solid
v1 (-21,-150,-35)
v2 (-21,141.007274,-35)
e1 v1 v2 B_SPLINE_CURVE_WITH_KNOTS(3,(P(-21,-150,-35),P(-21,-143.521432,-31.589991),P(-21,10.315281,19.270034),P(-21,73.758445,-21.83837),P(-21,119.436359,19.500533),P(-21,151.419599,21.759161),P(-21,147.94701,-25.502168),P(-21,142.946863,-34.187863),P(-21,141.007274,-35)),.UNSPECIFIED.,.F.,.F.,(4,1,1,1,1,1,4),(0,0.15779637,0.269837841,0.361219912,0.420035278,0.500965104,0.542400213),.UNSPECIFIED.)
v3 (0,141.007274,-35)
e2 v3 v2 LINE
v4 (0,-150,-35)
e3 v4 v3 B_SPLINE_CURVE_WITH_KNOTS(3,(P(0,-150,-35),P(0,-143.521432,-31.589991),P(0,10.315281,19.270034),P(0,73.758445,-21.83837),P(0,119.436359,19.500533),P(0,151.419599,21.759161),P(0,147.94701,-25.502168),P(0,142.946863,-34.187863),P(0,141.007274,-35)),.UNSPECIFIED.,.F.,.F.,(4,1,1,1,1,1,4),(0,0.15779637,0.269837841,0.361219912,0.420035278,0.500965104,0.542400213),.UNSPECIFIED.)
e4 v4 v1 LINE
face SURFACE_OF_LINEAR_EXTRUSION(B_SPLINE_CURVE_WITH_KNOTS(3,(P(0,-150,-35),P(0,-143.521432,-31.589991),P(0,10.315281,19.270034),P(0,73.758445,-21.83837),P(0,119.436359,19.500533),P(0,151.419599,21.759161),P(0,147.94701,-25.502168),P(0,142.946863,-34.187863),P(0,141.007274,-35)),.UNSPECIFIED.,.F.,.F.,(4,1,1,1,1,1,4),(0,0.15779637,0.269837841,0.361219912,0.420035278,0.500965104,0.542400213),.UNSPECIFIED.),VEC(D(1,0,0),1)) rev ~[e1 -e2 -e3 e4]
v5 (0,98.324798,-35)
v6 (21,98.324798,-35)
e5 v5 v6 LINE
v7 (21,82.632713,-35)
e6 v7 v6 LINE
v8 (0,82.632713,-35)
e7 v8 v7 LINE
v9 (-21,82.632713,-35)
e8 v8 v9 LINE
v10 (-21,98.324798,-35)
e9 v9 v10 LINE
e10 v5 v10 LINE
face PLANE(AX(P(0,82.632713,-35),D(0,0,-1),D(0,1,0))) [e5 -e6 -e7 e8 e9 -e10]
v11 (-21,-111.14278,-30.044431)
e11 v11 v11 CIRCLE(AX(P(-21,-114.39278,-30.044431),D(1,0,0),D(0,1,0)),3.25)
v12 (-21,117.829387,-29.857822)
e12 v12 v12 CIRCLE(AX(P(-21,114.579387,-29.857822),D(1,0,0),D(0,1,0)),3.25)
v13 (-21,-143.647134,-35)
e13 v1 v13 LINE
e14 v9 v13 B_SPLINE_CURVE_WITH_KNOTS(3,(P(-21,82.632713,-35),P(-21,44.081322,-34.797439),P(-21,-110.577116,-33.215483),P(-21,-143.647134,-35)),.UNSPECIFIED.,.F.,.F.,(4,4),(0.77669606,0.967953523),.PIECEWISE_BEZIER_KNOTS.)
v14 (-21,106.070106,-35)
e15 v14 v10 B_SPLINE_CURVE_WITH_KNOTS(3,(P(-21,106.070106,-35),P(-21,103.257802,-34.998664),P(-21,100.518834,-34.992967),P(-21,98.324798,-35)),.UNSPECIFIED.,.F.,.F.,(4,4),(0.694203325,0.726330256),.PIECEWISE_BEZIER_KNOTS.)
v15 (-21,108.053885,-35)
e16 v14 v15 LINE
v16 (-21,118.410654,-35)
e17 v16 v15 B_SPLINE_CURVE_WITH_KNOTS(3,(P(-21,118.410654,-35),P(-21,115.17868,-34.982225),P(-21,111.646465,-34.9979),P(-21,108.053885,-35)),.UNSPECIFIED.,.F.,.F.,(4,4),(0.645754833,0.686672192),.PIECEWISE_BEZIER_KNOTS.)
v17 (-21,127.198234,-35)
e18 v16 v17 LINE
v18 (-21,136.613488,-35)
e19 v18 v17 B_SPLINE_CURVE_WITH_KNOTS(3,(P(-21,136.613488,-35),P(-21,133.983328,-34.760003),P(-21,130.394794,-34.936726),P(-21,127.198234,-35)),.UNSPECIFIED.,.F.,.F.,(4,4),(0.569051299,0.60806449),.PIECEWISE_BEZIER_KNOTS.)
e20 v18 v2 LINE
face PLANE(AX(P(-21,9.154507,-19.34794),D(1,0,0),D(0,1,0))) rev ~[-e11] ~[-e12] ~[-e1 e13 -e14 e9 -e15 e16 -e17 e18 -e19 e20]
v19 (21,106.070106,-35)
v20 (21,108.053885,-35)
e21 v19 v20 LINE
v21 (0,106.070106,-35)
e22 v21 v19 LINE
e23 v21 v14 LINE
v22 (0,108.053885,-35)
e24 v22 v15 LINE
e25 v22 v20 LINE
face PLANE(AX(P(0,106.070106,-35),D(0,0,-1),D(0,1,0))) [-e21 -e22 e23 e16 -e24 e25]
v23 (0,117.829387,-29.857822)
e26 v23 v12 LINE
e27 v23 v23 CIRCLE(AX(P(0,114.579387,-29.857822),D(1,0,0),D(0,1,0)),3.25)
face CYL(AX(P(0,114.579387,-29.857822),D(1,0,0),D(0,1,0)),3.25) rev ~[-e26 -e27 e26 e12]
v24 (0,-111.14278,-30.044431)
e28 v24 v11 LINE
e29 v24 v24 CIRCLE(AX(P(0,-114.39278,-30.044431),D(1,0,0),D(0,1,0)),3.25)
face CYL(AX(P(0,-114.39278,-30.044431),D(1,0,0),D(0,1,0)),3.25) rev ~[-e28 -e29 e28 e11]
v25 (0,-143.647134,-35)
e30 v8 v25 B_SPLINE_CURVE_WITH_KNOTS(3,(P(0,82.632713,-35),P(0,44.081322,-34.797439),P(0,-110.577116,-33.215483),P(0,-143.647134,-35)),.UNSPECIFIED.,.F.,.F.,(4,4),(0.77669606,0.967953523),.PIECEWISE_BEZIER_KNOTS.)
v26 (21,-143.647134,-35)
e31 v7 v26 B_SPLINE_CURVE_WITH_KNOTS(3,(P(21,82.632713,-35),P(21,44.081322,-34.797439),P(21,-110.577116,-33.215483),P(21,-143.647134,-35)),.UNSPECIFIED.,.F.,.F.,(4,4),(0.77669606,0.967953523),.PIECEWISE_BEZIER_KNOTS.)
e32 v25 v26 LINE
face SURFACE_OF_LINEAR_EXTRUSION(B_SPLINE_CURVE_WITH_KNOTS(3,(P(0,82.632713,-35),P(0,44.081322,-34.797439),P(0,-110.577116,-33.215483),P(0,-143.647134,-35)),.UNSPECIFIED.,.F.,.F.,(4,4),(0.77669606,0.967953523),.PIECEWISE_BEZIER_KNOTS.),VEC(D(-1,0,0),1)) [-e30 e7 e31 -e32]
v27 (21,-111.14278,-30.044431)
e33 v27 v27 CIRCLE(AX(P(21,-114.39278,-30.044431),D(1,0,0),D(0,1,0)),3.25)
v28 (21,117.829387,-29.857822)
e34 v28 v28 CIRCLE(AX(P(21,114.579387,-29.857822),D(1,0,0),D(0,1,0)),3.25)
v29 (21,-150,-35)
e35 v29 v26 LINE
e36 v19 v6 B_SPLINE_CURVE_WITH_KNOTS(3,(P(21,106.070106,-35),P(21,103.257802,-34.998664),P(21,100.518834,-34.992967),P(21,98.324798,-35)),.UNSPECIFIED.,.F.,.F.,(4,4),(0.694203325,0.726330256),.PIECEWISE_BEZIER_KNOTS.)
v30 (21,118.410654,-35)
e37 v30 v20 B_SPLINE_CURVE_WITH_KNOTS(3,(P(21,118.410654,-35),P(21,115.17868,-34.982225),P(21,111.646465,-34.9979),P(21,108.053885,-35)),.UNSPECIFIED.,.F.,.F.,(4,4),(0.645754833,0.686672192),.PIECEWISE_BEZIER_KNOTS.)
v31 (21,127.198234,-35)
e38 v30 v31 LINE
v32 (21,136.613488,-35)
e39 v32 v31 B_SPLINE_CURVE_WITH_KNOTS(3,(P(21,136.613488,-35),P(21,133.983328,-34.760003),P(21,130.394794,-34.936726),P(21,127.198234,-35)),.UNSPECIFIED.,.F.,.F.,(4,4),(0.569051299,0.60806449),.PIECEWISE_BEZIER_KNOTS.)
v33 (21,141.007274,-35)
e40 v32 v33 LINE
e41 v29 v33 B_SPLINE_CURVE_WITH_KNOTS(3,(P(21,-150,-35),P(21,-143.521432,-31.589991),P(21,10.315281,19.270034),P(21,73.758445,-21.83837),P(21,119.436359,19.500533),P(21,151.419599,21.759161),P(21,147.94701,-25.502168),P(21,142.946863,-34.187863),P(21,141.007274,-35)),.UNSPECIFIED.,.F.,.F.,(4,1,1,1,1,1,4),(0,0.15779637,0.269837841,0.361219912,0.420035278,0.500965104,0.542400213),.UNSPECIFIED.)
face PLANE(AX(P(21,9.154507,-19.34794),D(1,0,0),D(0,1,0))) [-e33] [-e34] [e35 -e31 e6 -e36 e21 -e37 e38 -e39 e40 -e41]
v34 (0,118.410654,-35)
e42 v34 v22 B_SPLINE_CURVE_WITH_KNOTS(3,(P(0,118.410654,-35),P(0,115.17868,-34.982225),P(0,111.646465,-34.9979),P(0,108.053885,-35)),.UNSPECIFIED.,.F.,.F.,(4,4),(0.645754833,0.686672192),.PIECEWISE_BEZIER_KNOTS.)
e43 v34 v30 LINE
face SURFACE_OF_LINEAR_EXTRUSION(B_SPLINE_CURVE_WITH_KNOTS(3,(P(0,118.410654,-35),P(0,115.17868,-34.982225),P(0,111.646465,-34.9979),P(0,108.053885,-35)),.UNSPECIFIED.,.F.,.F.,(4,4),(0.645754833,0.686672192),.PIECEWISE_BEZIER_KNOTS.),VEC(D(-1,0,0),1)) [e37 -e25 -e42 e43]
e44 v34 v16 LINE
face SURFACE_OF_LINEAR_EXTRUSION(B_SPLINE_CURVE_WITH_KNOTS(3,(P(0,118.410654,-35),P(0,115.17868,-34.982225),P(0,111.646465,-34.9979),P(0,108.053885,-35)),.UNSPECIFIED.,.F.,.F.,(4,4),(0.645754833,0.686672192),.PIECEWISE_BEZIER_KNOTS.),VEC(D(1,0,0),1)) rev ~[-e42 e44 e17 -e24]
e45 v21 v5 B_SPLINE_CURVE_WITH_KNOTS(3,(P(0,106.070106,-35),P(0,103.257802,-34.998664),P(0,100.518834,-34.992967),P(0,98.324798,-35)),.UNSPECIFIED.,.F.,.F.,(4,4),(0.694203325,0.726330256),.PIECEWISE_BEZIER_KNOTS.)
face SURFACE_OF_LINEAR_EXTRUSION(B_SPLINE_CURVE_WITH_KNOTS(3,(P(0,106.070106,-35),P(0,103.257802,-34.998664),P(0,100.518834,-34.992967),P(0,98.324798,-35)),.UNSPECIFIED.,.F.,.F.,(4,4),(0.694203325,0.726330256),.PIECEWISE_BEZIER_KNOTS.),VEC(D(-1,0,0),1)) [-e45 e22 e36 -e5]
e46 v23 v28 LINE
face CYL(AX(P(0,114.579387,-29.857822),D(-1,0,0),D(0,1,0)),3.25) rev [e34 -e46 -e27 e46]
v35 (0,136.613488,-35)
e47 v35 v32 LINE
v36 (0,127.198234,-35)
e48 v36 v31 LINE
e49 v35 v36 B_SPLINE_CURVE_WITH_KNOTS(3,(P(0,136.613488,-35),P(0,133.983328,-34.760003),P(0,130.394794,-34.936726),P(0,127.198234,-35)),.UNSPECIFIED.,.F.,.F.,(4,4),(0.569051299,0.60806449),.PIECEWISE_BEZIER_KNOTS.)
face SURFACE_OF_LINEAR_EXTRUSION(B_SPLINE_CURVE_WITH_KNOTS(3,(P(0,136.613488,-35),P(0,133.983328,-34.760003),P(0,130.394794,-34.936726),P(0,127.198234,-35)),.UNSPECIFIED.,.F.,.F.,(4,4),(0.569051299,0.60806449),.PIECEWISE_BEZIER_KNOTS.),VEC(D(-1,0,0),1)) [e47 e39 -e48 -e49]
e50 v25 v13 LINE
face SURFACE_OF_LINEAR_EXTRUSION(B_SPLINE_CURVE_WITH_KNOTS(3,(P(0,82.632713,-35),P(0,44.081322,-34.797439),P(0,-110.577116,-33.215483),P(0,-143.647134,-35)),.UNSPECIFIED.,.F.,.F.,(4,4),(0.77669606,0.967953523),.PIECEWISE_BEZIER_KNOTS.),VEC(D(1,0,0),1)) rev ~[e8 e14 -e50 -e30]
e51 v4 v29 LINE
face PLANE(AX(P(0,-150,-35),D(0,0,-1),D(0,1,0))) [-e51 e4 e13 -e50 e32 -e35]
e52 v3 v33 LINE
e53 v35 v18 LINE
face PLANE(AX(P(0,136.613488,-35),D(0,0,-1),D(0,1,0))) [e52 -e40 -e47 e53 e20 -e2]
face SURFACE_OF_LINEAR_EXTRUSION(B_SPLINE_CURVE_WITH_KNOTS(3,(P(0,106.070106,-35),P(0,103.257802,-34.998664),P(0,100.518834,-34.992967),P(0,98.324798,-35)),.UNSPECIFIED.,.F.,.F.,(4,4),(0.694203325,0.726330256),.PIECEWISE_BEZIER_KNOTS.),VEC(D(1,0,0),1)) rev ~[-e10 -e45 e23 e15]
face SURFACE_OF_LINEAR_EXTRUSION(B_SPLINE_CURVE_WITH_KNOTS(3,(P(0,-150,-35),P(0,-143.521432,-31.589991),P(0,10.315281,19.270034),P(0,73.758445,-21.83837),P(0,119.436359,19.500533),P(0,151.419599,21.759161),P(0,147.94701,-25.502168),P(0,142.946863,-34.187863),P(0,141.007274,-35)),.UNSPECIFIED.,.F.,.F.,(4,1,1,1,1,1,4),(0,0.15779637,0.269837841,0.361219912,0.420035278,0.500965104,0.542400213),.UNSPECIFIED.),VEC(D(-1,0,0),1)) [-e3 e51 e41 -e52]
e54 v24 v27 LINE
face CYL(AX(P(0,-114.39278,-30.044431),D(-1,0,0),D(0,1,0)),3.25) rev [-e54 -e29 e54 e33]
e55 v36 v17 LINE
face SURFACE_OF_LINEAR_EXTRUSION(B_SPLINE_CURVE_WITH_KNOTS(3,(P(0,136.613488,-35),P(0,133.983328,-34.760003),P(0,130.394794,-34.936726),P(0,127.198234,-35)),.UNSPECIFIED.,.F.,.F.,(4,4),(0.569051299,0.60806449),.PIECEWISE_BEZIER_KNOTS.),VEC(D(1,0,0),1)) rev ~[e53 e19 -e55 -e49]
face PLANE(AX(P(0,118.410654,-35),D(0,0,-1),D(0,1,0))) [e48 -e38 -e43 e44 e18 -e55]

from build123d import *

# Parameters (mm, degrees)
F0_R     = 3.25
F1_DEPTH = 21


with BuildPart() as f1:
    # F0 (on Right) → F1 (new body, symmetric)
    with BuildSketch(Plane.YZ):
        with BuildLine():
            Line((136.6134881973, -35), (141.0072743893, -35))
            add(Edge.make_bspline(
                [(-150, -35), (-143.521432119, -31.5899914271), (10.3152806182, 19.2700337041), (73.7584450026, -21.8383696456), (119.4363588143, 19.500532669), (151.4195989104, 21.7591611021), (147.9470100586, -25.5021679239), (142.9468632514, -34.1878632847), (141.0072743893, -35)],
                knots=[0, 0, 0, 0, 0.1577963695, 0.2698378412, 0.3612199121, 0.4200352777, 0.5009651037, 0.542400213, 0.542400213, 0.542400213, 0.542400213], degree=3))
            Line((-150, -35), (-143.6471343041, -35))
            add(Edge.make_bspline(
                [(82.6327130198, -35), (44.0813217, -34.7974392039), (-110.5771163607, -33.2154831353), (-143.647134304, -35)],
                knots=[0.7766960605, 0.7766960605, 0.7766960605, 0.7766960605, 0.9679535233, 0.9679535233, 0.9679535233, 0.9679535233], degree=3))
            Line((82.6327130198, -35), (98.3247980476, -35))
            add(Edge.make_bspline(
                [(106.070105735, -35), (103.2578016771, -34.9986643434), (100.5188343993, -34.992966589), (98.3247980475, -35)],
                knots=[0.6942033252, 0.6942033252, 0.6942033252, 0.6942033252, 0.7263302557, 0.7263302557, 0.7263302557, 0.7263302557], degree=3))
            Line((106.070105735, -35), (108.0538854003, -35))
            add(Edge.make_bspline(
                [(118.410654366, -35), (115.1786800416, -34.9822247943), (111.6464645923, -34.9979001154), (108.0538854003, -35)],
                knots=[0.6457548332, 0.6457548332, 0.6457548332, 0.6457548332, 0.6866721923, 0.6866721923, 0.6866721923, 0.6866721923], degree=3))
            Line((118.410654366, -35), (127.1982342005, -35))
            add(Edge.make_bspline(
                [(136.6134881973, -35), (133.9833282751, -34.7600033101), (130.3947940435, -34.9367255147), (127.1982342005, -35)],
                knots=[0.5690512991, 0.5690512991, 0.5690512991, 0.5690512991, 0.6080644899, 0.6080644899, 0.6080644899, 0.6080644899], degree=3))
        make_face()
        with Locations((-114.3927797675, -30.0444308668)):
            Circle(F0_R, mode=Mode.SUBTRACT)
        with Locations((114.5793870091, -29.8578217626)):
            Circle(F0_R, mode=Mode.SUBTRACT)
    extrude(amount=F1_DEPTH, both=True)


solid = f1.part
